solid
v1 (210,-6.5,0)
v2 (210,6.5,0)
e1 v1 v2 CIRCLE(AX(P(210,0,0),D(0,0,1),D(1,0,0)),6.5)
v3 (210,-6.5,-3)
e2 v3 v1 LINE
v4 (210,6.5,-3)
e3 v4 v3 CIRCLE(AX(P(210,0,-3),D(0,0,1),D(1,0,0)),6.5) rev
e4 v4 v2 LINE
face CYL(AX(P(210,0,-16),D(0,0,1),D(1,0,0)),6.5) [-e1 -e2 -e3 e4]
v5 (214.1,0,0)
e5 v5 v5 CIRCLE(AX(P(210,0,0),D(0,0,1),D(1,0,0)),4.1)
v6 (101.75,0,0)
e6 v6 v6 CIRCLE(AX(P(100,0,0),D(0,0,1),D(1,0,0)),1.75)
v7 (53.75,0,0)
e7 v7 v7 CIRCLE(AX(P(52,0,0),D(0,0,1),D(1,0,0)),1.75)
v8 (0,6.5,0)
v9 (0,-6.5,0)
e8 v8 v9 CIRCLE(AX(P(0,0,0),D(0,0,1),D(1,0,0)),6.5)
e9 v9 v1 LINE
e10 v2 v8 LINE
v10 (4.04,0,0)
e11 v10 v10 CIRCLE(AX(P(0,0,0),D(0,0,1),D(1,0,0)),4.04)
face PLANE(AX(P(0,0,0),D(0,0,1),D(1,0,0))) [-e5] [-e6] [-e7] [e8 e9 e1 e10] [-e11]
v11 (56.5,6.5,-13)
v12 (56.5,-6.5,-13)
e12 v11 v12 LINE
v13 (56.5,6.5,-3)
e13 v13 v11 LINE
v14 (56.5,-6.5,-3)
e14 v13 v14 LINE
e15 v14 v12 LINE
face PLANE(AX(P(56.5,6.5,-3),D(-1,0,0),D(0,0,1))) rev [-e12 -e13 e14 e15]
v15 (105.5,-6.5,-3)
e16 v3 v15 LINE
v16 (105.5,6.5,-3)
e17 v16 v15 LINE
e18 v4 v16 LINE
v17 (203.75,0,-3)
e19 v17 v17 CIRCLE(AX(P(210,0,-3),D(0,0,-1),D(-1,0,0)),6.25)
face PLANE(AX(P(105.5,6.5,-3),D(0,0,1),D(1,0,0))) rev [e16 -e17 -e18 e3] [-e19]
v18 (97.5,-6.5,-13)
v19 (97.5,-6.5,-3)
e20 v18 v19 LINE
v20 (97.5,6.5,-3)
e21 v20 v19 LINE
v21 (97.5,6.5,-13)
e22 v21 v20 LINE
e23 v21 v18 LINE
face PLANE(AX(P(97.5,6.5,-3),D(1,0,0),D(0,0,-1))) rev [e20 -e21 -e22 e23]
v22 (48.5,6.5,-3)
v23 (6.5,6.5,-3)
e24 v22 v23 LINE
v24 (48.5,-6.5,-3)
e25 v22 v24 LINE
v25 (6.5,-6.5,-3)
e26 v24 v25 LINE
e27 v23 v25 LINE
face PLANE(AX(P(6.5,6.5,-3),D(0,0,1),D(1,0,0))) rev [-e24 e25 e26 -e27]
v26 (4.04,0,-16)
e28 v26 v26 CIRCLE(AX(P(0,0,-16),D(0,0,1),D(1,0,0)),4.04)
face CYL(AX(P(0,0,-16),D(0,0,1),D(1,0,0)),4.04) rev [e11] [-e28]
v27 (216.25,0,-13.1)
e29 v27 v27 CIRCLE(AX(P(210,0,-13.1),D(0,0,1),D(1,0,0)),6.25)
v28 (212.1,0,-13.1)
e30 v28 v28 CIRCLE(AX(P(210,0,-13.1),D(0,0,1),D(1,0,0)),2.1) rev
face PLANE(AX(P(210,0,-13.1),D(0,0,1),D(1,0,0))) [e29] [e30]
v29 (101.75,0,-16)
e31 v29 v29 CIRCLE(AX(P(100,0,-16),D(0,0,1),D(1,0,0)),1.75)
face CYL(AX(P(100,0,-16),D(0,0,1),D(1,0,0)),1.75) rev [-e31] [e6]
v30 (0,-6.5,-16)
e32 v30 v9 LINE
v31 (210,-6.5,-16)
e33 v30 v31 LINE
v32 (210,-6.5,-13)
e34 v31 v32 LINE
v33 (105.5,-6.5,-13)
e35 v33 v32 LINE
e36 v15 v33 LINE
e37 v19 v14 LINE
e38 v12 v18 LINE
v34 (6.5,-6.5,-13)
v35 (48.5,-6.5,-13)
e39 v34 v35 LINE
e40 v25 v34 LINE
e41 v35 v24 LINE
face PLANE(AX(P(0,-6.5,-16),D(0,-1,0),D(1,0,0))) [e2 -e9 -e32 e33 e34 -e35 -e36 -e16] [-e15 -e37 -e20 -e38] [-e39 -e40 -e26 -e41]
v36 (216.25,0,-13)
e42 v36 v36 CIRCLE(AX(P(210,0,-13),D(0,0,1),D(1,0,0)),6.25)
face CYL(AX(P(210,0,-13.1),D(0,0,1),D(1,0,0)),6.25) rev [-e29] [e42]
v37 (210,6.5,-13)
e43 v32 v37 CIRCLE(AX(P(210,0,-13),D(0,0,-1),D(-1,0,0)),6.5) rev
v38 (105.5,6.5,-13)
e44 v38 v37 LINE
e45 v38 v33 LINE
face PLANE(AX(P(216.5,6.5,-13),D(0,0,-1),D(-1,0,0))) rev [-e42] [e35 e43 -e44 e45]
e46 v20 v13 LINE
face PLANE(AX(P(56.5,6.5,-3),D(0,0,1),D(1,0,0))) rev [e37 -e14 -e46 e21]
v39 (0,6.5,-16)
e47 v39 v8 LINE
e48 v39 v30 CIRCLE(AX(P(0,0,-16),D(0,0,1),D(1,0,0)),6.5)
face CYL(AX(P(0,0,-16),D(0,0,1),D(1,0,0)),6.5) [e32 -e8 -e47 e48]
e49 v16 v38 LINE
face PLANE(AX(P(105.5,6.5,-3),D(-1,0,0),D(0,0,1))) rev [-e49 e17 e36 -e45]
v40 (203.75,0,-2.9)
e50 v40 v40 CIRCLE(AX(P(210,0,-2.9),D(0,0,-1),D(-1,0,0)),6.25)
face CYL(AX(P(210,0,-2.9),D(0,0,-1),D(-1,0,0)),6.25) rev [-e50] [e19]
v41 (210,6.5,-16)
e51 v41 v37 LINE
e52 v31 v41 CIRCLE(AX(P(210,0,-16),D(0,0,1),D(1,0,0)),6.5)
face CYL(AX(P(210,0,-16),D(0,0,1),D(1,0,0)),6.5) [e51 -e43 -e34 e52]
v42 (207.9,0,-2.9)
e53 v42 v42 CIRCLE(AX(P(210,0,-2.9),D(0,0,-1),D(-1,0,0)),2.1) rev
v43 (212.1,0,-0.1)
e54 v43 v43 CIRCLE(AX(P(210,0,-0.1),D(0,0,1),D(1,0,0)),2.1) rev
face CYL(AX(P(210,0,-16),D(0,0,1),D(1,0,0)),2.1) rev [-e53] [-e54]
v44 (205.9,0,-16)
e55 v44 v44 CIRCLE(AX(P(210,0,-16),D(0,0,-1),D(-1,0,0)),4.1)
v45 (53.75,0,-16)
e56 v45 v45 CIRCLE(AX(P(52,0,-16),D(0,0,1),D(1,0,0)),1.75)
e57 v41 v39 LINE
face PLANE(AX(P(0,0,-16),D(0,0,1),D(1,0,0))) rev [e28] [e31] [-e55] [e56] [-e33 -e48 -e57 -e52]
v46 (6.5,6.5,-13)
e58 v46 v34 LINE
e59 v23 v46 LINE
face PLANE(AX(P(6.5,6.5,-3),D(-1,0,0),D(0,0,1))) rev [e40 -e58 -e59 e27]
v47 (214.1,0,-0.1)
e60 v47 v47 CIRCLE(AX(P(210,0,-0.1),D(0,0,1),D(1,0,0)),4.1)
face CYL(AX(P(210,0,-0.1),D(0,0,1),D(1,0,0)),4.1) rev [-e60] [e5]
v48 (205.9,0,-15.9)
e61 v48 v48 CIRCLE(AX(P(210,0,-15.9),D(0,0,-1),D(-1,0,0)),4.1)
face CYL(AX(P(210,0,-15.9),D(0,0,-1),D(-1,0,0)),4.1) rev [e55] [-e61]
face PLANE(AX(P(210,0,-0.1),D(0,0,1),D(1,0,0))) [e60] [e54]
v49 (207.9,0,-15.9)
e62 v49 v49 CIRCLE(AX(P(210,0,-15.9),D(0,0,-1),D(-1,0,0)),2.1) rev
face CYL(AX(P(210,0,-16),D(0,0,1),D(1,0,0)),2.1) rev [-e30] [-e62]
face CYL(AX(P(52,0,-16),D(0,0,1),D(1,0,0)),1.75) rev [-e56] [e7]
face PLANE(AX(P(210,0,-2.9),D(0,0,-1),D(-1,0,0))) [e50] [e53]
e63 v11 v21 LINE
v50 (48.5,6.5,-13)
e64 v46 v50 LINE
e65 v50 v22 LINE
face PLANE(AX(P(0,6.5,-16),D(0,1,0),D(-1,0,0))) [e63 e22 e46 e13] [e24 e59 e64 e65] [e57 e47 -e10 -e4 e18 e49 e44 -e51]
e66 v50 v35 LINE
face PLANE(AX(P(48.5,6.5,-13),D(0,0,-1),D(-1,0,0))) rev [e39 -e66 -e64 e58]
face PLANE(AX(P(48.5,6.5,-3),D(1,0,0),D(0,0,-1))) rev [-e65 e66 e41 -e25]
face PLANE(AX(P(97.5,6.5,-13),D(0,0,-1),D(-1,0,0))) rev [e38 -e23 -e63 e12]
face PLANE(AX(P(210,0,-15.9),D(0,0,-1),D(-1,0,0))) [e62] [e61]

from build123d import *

# Parameters (mm, degrees)
SKETCH_1_R          = 4.04
SKETCH_1_R_2        = 1.75
SKETCH_1_R_3        = 2.1
EXTRUDE_1_DEPTH     = 16
SKETCH_2_W          = 42
SKETCH_2_H          = 10
SKETCH_2_W_2        = 41
CUT_EXTRUDE_1_DEPTH = 218.479309361
SKETCH_3_R          = 4.1
A_0P1_DEPTH         = 0.1
B_0P1_START         = -0.1
SKETCH_4_R          = 4.1
B_0P1_DEPTH         = 0.1
SKETCH_5_R          = 6.25
A_0P1_2_DEPTH       = 0.1
SKETCH_6_R          = 6.25
B_0P1_2_DEPTH       = 0.1


with BuildPart() as part:
    # 草图1 → 凸台-拉伸1 (new body)
    with BuildSketch(Plane.XY):
        with BuildLine():
            Line((0, 6.5), (210, 6.5))
            ThreePointArc((210, 6.5), (216.5, 0), (210, -6.5))
            Line((210, -6.5), (0, -6.5))
            ThreePointArc((0, -6.5), (-6.5, 0), (0, 6.5))
        make_face()
        Circle(SKETCH_1_R, mode=Mode.SUBTRACT)
        with Locations((100, 0)):
            Circle(SKETCH_1_R_2, mode=Mode.SUBTRACT)
        with Locations((210, 0)):
            Circle(SKETCH_1_R_3, mode=Mode.SUBTRACT)
        with Locations((52, 0)):
            Circle(SKETCH_1_R_2, mode=Mode.SUBTRACT)
    extrude(amount=-EXTRUDE_1_DEPTH)

    # 草图2 → 切除-拉伸1 (cut, through all)
    with BuildSketch(Plane.XZ.offset(6.5)):
        Polygon((148.5, -3), (153.5, -3), (216.5, -3), (216.5, -13), (153.5, -13), (148.5, -13), (105.5, -13), (105.5, -3), align=None)
        with Locations((27.5, -8)):
            Rectangle(SKETCH_2_W, SKETCH_2_H)
        with Locations((77, -8)):
            Rectangle(SKETCH_2_W_2, SKETCH_2_H)
    extrude(amount=-CUT_EXTRUDE_1_DEPTH, mode=Mode.SUBTRACT)

    # 草图3 → A__0p1 (cut)
    with BuildSketch(Plane.XY):
        with Locations((210, 0)):
            Circle(SKETCH_3_R)
    extrude(amount=-A_0P1_DEPTH, mode=Mode.SUBTRACT)

    # 草图4 → B__0p1 (cut)
    with BuildSketch(Plane(origin=(0, 0, -16), x_dir=(-1, 0, 0), z_dir=(0, 0, -1)).offset(B_0P1_START)):
        with Locations(Location((-210, 0, 0), (0, 0, 180))):
            Circle(SKETCH_4_R)
    extrude(amount=B_0P1_DEPTH, mode=Mode.SUBTRACT)

    # 草图5 → A__0p1 2 (cut)
    with BuildSketch(Plane(origin=(0, 0, -3), x_dir=(-1, 0, 0), z_dir=(0, 0, -1))):
        with Locations((-210, 0)):
            Circle(SKETCH_5_R)
    extrude(amount=-A_0P1_2_DEPTH, mode=Mode.SUBTRACT)

    # 草图6 → B__0p1 2 (cut)
    with BuildSketch(Plane.XY.offset(-13).offset(B_0P1_START)):
        with Locations(Location((210, 0, 0), (0, 0, 180))):
            Circle(SKETCH_6_R)
    extrude(amount=B_0P1_2_DEPTH, mode=Mode.SUBTRACT)


solid = part.part
